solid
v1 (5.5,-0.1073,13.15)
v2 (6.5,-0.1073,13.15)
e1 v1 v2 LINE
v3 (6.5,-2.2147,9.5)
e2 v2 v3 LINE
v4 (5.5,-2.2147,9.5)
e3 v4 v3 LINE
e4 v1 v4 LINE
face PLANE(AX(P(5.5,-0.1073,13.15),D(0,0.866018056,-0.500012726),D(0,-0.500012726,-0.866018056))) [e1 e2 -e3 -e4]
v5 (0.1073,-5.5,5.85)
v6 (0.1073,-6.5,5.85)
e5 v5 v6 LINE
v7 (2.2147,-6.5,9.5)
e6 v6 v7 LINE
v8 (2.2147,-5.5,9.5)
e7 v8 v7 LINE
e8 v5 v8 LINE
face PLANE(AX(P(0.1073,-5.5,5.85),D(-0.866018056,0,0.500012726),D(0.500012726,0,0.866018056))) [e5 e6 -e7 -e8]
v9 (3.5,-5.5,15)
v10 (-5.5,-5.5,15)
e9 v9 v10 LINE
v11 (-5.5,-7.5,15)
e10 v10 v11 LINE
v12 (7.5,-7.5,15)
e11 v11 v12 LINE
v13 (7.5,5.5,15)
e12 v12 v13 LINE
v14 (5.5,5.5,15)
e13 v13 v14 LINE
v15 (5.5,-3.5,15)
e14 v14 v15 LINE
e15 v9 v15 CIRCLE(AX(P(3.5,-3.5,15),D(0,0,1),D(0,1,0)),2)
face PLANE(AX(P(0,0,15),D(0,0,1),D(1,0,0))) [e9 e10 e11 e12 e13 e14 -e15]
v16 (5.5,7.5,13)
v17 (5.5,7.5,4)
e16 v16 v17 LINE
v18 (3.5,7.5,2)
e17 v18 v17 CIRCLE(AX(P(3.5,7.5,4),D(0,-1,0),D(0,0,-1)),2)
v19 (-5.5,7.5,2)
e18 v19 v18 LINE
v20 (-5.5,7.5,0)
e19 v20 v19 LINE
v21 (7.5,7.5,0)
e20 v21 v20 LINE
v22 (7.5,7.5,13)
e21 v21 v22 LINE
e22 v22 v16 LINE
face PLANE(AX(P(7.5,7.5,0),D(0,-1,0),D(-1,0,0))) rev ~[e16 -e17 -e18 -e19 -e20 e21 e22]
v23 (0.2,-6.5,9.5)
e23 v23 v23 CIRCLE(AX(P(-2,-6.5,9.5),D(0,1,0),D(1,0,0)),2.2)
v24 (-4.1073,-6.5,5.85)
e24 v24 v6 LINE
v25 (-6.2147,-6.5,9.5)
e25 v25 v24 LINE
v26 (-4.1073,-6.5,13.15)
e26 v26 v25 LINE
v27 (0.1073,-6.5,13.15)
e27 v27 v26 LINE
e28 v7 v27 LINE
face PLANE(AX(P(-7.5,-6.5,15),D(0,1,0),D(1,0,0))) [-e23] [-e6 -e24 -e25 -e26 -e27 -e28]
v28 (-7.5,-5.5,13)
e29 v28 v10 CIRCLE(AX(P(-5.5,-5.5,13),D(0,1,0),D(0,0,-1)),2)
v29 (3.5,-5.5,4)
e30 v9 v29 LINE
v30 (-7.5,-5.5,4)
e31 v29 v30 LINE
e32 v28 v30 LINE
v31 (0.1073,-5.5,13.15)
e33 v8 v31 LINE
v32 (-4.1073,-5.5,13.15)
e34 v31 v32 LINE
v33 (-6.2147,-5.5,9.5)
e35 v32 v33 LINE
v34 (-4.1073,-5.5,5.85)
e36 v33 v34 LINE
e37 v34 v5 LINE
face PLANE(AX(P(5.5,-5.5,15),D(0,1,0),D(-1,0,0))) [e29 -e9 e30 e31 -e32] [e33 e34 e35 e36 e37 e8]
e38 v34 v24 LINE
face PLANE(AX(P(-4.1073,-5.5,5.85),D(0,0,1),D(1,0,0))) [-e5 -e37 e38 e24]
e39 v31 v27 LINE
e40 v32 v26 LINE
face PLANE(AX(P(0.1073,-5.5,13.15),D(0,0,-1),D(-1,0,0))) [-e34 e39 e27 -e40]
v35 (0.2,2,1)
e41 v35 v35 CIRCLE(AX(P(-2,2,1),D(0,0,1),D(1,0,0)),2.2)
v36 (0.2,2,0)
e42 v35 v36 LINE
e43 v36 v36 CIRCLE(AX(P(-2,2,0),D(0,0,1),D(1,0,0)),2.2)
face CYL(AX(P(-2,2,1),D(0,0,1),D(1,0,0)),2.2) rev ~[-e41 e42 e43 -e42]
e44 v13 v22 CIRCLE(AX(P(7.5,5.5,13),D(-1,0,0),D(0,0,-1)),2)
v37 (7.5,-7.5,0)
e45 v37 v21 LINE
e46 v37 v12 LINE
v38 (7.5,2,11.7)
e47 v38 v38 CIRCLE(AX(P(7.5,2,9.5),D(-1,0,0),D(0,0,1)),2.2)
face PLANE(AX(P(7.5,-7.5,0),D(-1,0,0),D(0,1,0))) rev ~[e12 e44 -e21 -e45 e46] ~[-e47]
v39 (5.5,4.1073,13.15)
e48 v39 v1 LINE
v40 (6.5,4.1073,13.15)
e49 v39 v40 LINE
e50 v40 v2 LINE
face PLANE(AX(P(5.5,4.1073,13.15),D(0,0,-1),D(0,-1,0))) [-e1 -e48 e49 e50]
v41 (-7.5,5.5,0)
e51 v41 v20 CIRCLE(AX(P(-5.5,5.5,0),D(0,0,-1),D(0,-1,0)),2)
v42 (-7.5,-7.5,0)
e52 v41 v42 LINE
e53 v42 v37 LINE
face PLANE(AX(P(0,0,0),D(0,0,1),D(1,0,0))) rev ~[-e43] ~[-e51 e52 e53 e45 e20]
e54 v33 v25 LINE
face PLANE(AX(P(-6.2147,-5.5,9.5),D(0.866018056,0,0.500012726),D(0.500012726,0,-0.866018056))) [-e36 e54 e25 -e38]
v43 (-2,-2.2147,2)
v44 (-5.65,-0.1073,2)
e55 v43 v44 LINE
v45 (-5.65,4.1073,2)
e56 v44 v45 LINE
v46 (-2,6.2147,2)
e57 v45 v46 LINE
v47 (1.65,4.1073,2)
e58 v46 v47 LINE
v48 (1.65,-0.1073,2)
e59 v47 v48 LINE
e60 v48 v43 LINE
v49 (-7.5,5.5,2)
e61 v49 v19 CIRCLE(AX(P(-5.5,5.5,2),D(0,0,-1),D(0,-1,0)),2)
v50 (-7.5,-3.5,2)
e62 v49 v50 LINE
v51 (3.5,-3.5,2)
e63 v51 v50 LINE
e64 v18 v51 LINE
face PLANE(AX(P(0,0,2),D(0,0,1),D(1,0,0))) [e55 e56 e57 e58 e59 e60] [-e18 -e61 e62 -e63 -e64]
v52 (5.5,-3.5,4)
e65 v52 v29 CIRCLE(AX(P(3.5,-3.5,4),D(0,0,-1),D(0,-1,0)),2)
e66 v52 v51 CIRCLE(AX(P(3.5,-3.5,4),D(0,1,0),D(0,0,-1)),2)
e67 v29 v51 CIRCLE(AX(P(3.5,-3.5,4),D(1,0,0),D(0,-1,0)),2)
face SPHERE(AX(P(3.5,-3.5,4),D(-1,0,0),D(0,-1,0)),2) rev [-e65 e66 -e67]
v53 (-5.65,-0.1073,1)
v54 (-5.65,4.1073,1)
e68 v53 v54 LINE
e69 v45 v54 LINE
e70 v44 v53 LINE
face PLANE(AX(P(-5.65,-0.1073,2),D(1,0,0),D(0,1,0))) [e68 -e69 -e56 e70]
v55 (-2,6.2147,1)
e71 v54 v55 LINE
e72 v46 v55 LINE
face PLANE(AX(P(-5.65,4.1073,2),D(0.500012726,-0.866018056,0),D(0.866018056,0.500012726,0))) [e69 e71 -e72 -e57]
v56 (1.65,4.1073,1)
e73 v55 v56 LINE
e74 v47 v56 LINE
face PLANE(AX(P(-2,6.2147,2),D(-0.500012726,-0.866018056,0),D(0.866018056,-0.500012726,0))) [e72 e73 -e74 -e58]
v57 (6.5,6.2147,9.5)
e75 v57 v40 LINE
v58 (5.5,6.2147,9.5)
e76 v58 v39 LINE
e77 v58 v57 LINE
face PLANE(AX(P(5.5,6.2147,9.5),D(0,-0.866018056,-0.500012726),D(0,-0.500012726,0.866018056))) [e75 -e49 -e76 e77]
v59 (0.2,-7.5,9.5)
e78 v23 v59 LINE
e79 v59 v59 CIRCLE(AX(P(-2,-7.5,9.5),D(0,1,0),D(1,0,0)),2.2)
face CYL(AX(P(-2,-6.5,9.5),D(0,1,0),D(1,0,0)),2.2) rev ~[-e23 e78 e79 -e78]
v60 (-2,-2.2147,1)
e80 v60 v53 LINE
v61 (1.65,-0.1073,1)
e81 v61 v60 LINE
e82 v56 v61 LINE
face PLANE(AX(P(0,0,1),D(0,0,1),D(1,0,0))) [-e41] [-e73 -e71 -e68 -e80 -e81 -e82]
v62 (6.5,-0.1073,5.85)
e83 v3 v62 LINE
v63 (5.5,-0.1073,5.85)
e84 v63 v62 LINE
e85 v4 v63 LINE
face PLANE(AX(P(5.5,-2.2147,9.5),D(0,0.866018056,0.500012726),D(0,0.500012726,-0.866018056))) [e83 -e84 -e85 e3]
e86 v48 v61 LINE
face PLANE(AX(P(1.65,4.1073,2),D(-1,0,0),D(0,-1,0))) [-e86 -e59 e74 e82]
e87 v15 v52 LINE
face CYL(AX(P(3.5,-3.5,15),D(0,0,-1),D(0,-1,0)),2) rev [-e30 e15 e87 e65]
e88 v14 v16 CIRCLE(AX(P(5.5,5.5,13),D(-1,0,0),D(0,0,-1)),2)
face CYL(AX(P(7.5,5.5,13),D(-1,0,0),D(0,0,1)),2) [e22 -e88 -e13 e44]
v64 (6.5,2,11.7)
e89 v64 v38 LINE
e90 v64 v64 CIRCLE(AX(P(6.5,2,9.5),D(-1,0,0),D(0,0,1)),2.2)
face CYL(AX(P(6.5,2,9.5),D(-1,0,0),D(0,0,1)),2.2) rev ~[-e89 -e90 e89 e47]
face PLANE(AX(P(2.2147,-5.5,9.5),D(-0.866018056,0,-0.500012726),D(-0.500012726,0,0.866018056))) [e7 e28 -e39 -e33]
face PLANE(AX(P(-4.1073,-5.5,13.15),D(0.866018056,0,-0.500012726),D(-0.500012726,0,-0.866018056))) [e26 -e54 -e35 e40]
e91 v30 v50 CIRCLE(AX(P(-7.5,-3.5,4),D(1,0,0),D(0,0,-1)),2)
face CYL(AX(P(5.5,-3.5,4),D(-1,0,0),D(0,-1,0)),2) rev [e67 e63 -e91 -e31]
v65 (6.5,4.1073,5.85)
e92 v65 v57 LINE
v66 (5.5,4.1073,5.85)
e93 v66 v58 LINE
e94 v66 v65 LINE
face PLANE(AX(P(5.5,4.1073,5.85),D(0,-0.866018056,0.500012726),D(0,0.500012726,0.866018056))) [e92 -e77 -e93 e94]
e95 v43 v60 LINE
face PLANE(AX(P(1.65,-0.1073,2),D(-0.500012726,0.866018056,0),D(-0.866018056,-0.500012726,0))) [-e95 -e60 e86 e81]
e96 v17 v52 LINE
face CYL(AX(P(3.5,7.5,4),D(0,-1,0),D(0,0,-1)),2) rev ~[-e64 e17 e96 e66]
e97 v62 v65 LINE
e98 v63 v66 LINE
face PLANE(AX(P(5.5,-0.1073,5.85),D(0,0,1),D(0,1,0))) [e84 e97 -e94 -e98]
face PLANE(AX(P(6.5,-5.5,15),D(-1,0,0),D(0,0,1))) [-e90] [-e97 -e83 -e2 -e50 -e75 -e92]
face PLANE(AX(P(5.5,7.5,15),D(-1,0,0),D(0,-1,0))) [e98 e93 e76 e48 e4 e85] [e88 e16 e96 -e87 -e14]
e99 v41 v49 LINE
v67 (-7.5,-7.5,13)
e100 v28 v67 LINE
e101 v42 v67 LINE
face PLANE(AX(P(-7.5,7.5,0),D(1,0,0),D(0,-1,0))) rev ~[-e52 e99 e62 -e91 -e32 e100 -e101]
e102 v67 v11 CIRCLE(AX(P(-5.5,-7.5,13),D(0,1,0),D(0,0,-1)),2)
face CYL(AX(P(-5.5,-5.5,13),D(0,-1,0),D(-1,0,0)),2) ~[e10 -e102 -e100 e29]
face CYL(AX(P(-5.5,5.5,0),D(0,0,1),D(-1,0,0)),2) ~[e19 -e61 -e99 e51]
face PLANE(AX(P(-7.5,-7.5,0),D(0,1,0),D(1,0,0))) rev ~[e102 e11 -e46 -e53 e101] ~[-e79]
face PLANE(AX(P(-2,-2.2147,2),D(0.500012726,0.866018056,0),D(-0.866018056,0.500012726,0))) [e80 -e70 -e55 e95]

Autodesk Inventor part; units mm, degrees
ref_plane "YZ Plane" through (0, 0, 0) normal (1, 0, 0) x (0, 1, 0)
ref_plane "XZ Plane" through (0, 0, 0) normal (0, 1, 0) x (-1, 0, 0)
ref_plane "XY Plane" through (0, 0, 0) normal (0, 0, 1) x (1, 0, 0)
sketch "Sketch1" plane through (0, 0, 0) normal (0, 0, 1) x (1, 0, 0)
  line L0 (-7.5, -7.5) -> (7.5, -7.5)
  line L1 (7.5, -7.5) -> (7.5, 7.5)
  line L2 (7.5, 7.5) -> (-7.5, 7.5)
  line L3 (-7.5, 7.5) -> (-7.5, -7.5)
  line L4 (-7.5, -7.5) -> (7.5, 7.5) construction
  line L5 (7.5, -7.5) -> (-7.5, 7.5) construction
  point P0 (0, 0)
  dimension "d0" = 15
  dimension "d1" = 15
extrude "Extrusion1" add sketch "Sketch1" along normal blind 15
sketch "Sketch2" plane through (0, 0, 15) normal (0, 0, 1) x (1, 0, 0)
  line L0 (-7.5, 7.5) -> (-7.5, -7.5) projected
  line L1 (-7.5, 7.5) -> (5.5, 7.5)
  line L2 (5.5, 7.5) -> (5.5, -5.5)
  line L3 (5.5, -5.5) -> (-7.5, -5.5)
  line L4 (-7.5, -5.5) -> (-7.5, 7.5)
  line L5 (7.5, -7.5) -> (7.5, 7.5) projected
  line L6 (-7.5, -7.5) -> (7.5, -7.5) projected
  point P0 (0, 0)
  dimension "d4" = 2
  dimension "d5" = 2
extrude "Extrusion2" cut sketch "Sketch2" against normal blind 13
sketch "Sketch6" plane through (5.5, -5.5, 15) normal (-1, 0, 0) x (0, 0, 1)
  line L0 (-5.5, 11.7147) -> (-1.85, 9.6073)
  line L1 (-1.85, 9.6073) -> (-1.85, 5.3927)
  line L2 (-1.85, 5.3927) -> (-5.5, 3.2853)
  line L3 (-5.5, 3.2853) -> (-9.15, 5.3927)
  line L4 (-9.15, 5.3927) -> (-9.15, 9.6073)
  line L5 (-9.15, 9.6073) -> (-5.5, 11.7147)
  line L6 (0, 0) -> (-13, 0) projected
  line L7 (-13, 0) -> (-13, 13) projected
  line L8 (0, 13) -> (0, 0) projected
  point P0 (-15, 5.5)
  point P1 (-5.5, 7.5)
  dimension "d41" = 7.5
  dimension "d42" = 7.5
  dimension "d43" = 7.3
  dimension "d44" = 0
extrude "Extrusion3" cut sketch "Sketch6" against normal blind 1
sketch "Sketch7" plane through (6.5, -5.5, 15) normal (-1, 0, 0) x (0, 0, 1)
  circle A0 centre (-5.5, 7.5) radius 2.2
  line L0 (0, 0) -> (-13, 0) projected
  line L1 (-13, 0) -> (-13, 13) projected
  point P0 (-15, 5.5)
  dimension "d47" = 4.4
  dimension "d48" = 7.5
  dimension "d49" = 7.5
extrude "Extrusion4" cut sketch "Sketch7" against normal blind 1
sketch "Sketch8" plane through (-7.5, -5.5, 15) normal (0, 1, 0) x (1, 0, 0)
  line L0 (3.3927, 1.85) -> (1.2853, 5.5)
  line L1 (1.2853, 5.5) -> (3.3927, 9.15)
  line L2 (3.3927, 9.15) -> (7.6073, 9.15)
  line L3 (7.6073, 9.15) -> (9.7147, 5.5)
  line L4 (9.7147, 5.5) -> (7.6073, 1.85)
  line L5 (7.6073, 1.85) -> (3.3927, 1.85)
  line L6 (0, 13) -> (13, 13) projected
  line L7 (13, 13) -> (13, 0) projected
  line L8 (13, 0) -> (0, 0) projected
  point P0 (7.5, 15)
  point P1 (5.5, 5.5)
  dimension "d52" = 7.3
  dimension "d53" = 7.5
  dimension "d54" = 7.5
  dimension "d55" = 0
extrude "Extrusion5" cut sketch "Sketch8" against normal blind 1
sketch "Sketch9" plane through (-7.5, -6.5, 15) normal (0, 1, 0) x (1, 0, 0)
  circle A0 centre (5.5, 5.5) radius 2.2
  line L0 (0, 13) -> (13, 13) projected
  line L1 (0, 0) -> (0, 13) projected
  point P0 (7.5, 15)
  dimension "d58" = 4.4
  dimension "d59" = 7.5
  dimension "d60" = 5.5
extrude "Extrusion6" cut sketch "Sketch9" against normal blind 1
sketch "Sketch10" plane through (0, 0, 2) normal (0, 0, 1) x (1, 0, 0)
  line L0 (1.65, -0.1073) -> (-2, -2.2147)
  line L1 (-2, -2.2147) -> (-5.65, -0.1073)
  line L2 (-5.65, -0.1073) -> (-5.65, 4.1073)
  line L3 (-5.65, 4.1073) -> (-2, 6.2147)
  line L4 (-2, 6.2147) -> (1.65, 4.1073)
  line L5 (1.65, 4.1073) -> (1.65, -0.1073)
  line L6 (5.5, -5.5) -> (-7.5, -5.5) projected
  line L7 (5.5, 7.5) -> (5.5, -5.5) projected
  line L8 (-7.5, -5.5) -> (-7.5, 7.5) projected
  point P0 (0, 0)
  point P1 (-2, 2)
  dimension "d63" = 7.5
  dimension "d64" = 7.5
  dimension "d65" = 7.3
  dimension "d66" = 0
extrude "Extrusion7" cut sketch "Sketch10" against normal blind 1
sketch "Sketch11" plane through (0, 0, 1) normal (0, 0, 1) x (1, 0, 0)
  circle A0 centre (-2, 2) radius 2.2
  line L0 (5.5, 7.5) -> (5.5, -5.5) projected
  line L1 (5.5, -5.5) -> (-7.5, -5.5) projected
  point P0 (0, 0)
  dimension "d69" = 4.4
  dimension "d70" = 7.5
  dimension "d71" = 7.5
extrude "Extrusion8" cut sketch "Sketch11" against normal blind 1
fillet "Fillet2" radius 2 3 edges at (-1, -5.5, 2) (5.5, -5.5, 8.5) (5.5, 1, 2)
fillet "Fillet3" radius 2 3 edges at (-7.5, 7.5, 1) (6.5, 7.5, 15) (-7.5, -6.5, 15)
properties part number "23 bevestigings hoekjes 3 kanten"
